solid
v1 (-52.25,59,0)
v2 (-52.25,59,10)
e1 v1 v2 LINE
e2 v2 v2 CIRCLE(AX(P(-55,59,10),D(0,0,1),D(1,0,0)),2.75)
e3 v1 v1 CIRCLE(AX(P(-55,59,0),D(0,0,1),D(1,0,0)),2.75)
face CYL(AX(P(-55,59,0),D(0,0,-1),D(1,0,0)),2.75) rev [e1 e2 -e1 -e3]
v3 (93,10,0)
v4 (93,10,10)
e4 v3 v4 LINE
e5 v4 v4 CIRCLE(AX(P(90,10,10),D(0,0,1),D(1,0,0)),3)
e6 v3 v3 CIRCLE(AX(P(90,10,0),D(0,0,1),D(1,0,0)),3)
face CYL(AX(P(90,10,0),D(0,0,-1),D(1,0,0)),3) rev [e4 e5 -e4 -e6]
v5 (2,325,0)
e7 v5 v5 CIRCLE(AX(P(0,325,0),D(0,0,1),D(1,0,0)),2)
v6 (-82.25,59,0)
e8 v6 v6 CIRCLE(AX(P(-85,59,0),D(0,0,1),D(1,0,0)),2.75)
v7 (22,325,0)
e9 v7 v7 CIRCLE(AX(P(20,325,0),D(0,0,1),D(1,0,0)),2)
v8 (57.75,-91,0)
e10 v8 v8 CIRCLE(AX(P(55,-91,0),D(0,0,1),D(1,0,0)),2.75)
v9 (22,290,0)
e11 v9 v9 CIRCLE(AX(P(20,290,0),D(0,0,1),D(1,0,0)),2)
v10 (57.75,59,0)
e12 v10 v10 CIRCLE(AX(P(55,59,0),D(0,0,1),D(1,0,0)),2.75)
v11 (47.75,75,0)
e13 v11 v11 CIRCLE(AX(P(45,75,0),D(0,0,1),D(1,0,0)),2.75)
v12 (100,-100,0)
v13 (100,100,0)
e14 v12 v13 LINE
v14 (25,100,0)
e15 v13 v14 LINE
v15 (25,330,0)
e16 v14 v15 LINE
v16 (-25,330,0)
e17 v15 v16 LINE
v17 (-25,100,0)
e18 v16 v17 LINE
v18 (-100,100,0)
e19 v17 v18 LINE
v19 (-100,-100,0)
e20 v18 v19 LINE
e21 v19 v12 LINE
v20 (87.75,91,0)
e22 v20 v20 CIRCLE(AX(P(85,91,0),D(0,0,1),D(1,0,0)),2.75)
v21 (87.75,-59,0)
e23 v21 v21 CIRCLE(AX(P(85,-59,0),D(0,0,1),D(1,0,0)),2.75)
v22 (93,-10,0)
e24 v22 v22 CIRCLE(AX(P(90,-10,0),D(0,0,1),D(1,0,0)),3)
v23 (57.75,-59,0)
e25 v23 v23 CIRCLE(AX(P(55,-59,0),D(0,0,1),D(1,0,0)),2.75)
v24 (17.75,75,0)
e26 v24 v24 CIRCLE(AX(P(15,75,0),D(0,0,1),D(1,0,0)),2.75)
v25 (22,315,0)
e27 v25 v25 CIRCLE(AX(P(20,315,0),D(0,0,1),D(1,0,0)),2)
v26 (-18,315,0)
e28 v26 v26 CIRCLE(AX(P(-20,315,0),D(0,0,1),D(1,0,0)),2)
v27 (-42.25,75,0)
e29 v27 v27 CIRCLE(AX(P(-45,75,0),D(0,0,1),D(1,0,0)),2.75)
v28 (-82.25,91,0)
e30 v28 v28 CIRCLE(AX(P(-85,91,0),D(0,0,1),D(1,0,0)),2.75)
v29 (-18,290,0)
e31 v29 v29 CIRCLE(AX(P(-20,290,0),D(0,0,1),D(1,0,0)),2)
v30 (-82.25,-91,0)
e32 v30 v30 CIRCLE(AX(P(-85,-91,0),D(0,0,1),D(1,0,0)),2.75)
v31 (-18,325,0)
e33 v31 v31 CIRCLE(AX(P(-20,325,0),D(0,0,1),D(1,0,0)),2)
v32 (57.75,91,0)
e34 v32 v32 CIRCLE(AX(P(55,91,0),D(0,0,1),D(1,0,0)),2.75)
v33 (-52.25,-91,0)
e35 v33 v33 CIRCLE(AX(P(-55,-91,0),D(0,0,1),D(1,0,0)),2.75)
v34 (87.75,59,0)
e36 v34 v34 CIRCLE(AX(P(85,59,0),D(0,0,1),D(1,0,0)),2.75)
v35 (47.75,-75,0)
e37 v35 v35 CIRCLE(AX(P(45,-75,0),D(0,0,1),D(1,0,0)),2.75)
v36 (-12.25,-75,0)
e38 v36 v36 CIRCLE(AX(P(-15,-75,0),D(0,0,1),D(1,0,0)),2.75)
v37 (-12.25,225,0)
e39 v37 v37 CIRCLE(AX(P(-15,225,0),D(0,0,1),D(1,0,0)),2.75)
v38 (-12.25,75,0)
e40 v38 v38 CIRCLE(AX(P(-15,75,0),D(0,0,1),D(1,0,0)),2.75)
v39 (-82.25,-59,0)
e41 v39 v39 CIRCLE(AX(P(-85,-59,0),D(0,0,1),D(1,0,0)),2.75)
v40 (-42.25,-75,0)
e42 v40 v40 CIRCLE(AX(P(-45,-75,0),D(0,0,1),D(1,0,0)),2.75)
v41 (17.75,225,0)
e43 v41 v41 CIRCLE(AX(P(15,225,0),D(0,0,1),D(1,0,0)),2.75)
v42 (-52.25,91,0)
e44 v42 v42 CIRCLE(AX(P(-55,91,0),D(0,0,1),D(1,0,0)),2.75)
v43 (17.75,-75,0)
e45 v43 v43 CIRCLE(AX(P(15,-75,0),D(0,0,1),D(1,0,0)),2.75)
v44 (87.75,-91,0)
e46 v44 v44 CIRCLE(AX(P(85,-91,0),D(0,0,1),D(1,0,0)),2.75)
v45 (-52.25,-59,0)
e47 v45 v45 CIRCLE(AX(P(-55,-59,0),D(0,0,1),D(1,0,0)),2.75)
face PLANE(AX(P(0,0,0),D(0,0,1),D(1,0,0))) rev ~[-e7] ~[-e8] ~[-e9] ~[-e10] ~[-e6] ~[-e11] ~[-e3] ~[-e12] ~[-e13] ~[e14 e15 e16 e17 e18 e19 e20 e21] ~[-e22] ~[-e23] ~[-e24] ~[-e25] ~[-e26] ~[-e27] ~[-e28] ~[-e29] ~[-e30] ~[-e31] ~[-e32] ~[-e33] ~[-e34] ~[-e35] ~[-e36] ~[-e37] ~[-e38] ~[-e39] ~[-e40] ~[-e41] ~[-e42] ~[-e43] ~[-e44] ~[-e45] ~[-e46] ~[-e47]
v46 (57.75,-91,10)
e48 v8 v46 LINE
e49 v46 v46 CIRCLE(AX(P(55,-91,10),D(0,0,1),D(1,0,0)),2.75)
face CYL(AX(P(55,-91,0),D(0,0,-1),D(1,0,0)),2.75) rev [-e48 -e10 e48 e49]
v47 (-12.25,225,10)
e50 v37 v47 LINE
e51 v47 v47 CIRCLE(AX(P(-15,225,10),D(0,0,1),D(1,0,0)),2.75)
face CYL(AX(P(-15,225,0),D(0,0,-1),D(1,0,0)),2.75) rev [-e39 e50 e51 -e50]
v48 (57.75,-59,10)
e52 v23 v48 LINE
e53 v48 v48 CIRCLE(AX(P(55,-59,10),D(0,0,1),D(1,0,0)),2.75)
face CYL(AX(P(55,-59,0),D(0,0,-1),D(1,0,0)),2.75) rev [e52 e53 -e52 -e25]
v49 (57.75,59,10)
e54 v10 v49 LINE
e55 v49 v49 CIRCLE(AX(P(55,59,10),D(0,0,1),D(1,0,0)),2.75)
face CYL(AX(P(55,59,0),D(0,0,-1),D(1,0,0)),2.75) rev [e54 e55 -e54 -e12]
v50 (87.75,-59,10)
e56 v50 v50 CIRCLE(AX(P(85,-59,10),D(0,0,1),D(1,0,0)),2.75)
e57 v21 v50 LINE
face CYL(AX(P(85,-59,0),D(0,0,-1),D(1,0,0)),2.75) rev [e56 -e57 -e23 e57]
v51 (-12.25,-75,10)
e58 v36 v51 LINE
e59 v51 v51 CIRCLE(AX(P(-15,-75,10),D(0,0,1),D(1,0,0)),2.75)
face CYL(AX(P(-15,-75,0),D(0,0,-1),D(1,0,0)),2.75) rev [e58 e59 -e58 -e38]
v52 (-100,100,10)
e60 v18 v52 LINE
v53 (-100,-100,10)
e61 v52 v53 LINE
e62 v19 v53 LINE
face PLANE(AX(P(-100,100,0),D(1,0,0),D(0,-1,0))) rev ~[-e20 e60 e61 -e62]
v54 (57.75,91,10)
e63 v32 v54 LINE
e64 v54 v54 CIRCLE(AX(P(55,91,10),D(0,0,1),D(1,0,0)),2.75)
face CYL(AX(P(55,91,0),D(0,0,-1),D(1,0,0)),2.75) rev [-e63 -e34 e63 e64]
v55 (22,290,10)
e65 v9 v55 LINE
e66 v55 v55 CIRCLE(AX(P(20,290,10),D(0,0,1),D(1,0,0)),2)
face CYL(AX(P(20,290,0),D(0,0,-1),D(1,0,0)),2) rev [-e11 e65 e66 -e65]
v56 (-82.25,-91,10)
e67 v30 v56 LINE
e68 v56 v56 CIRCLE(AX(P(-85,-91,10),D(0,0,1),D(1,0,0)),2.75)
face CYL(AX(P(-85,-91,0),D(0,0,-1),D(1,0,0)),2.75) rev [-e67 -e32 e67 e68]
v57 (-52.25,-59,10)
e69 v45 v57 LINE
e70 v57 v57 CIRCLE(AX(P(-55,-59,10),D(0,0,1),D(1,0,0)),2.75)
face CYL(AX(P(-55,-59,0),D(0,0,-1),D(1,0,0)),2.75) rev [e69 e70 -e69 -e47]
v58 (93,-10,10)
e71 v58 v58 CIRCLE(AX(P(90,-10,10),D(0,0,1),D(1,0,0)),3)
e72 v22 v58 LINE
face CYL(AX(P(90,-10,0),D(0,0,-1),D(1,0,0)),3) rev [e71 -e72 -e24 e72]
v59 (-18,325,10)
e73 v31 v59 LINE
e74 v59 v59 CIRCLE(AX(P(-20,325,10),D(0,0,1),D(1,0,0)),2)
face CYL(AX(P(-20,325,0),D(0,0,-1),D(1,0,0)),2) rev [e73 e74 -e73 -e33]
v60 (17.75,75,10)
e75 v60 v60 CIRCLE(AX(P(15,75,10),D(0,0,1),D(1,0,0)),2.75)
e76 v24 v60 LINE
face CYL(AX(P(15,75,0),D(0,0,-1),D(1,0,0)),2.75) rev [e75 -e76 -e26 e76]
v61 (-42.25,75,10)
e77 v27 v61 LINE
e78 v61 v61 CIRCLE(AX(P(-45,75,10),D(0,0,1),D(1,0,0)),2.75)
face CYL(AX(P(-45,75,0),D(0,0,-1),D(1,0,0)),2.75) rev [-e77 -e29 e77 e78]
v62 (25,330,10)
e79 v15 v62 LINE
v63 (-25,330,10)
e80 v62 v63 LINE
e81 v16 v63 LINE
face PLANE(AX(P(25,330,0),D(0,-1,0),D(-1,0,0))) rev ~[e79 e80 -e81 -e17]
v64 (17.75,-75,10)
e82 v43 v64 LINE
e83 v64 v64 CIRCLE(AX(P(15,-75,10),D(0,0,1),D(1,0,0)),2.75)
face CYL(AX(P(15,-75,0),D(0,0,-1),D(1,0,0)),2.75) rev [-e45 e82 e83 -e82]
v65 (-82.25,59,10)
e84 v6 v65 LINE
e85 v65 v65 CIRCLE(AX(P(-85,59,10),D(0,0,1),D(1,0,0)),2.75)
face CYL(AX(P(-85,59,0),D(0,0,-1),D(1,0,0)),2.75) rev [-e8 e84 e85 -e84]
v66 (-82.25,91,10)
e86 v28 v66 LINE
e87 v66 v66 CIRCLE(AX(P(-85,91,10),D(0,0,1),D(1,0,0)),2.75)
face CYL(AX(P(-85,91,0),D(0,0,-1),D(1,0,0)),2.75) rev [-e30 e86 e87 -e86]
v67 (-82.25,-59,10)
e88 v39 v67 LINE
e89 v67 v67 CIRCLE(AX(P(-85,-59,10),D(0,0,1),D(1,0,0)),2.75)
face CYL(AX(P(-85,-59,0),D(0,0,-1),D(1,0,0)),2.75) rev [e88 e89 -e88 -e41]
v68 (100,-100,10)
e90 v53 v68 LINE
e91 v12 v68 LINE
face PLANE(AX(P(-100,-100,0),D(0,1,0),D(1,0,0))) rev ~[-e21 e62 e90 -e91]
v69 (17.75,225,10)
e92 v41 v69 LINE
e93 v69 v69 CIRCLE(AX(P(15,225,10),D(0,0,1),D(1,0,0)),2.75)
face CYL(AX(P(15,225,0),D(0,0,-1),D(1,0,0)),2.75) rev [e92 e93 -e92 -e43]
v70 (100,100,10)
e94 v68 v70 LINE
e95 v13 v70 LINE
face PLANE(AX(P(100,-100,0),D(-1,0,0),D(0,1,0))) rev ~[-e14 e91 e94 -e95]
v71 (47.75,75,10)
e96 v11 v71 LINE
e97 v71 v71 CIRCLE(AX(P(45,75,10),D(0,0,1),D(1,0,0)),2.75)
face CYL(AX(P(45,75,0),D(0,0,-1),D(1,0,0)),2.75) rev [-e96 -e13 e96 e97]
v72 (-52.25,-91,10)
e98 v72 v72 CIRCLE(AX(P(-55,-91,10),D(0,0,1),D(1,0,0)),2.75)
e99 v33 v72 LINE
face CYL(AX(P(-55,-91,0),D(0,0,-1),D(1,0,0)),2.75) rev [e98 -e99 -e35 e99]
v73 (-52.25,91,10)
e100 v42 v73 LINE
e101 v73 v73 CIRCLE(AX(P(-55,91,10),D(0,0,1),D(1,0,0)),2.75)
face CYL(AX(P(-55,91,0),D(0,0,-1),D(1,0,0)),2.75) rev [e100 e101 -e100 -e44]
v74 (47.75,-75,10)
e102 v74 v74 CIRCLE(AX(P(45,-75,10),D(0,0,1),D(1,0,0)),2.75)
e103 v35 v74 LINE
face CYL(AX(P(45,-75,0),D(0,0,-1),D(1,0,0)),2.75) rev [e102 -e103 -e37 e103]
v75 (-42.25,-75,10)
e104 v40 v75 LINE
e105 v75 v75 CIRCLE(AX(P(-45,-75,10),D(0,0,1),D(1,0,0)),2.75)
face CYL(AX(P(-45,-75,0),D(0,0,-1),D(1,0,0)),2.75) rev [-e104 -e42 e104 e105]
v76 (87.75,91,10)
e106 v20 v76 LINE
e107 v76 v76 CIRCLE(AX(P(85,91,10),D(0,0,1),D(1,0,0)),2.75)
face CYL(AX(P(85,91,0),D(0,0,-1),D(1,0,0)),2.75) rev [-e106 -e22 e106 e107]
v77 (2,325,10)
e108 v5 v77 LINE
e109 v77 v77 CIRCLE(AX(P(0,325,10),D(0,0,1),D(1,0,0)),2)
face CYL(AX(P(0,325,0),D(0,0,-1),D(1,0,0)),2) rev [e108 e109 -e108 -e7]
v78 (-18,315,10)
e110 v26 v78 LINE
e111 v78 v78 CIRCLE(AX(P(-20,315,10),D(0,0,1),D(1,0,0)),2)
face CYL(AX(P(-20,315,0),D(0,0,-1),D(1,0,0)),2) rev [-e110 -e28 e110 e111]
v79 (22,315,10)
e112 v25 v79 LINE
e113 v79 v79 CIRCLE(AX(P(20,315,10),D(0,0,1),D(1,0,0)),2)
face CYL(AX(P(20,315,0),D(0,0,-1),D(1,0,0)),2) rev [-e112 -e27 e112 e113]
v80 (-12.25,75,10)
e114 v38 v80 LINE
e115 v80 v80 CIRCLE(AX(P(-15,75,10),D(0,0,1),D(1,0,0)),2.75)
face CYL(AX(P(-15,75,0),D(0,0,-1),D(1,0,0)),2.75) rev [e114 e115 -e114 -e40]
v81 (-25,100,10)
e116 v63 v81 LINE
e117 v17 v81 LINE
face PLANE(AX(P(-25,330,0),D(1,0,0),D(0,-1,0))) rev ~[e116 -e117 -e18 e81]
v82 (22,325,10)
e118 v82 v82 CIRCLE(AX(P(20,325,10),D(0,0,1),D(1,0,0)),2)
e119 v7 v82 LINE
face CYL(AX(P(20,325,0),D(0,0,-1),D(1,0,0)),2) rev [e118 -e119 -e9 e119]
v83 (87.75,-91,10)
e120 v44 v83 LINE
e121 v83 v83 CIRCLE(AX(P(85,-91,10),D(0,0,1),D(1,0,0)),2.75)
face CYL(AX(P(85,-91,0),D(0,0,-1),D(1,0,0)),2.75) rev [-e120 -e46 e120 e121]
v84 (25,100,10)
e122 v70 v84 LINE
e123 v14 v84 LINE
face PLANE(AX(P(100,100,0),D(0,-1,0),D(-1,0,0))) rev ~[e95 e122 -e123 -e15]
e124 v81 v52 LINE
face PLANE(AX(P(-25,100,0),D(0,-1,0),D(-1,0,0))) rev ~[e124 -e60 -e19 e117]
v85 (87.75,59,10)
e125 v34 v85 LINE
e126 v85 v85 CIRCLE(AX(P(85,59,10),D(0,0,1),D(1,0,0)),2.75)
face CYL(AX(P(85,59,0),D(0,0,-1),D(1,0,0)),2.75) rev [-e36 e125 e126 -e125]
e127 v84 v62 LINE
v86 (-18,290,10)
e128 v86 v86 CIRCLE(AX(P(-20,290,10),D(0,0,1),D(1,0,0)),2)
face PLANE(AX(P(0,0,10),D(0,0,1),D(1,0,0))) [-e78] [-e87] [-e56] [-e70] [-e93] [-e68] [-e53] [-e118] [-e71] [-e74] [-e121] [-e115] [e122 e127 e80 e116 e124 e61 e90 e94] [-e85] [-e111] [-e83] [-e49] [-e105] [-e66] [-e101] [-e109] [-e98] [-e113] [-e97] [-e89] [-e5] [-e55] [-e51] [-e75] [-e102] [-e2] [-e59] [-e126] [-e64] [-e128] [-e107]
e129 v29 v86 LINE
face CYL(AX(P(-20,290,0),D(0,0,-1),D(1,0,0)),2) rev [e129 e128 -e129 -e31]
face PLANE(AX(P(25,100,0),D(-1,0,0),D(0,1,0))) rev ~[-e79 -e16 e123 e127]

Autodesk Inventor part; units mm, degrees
ref_plane "YZ Plane" through (0, 0, 0) normal (1, 0, 0) x (0, 1, 0)
ref_plane "XZ Plane" through (0, 0, 0) normal (0, 1, 0) x (-1, 0, 0)
ref_plane "XY Plane" through (0, 0, 0) normal (0, 0, 1) x (1, 0, 0)
sketch "Schizzo1" plane through (0, 0, 0) normal (0, 0, 1) x (1, 0, 0)
  line L0 (100, 100) -> (-100, 100)
  line L1 (-100, 100) -> (-100, -100)
  line L2 (-100, -100) -> (100, -100)
  line L3 (100, -100) -> (100, 100)
  line L4 (25, 330) -> (-25, 330)
  line L5 (-25, 330) -> (-25, 100)
  line L6 (-25, 100) -> (25, 100)
  line L7 (25, 100) -> (25, 330)
  circle A0 centre (-20, 325) radius 2
  circle A1 centre (20, 325) radius 2
  circle A2 centre (0, 325) radius 2
  circle A3 centre (85, 91) radius 2.75
  circle A4 centre (85, 59) radius 2.75
  circle A5 centre (55, 91) radius 2.75
  circle A6 centre (55, 59) radius 2.75
  circle A7 centre (85, -59) radius 2.75
  circle A8 centre (-55, -59) radius 2.75
  circle A9 centre (-55, 91) radius 2.75
  circle A10 centre (85, -91) radius 2.75
  circle A11 centre (55, -59) radius 2.75
  circle A12 centre (55, -91) radius 2.75
  circle A13 centre (-85, 91) radius 2.75
  circle A14 centre (-55, 59) radius 2.75
  circle A15 centre (-85, 59) radius 2.75
  circle A16 centre (-85, -59) radius 2.75
  circle A17 centre (-55, -91) radius 2.75
  circle A18 centre (-85, -91) radius 2.75
  circle A19 centre (45, 75) radius 2.75
  circle A20 centre (45, -75) radius 2.75
  circle A21 centre (-45, -75) radius 2.75
  circle A22 centre (-45, 75) radius 2.75
  circle A23 centre (15, 75) radius 2.75
  circle A24 centre (15, -75) radius 2.75
  circle A25 centre (-15, -75) radius 2.75
  circle A26 centre (-15, 75) radius 2.75
  circle A27 centre (15, 225) radius 2.75
  circle A28 centre (-15, 225) radius 2.75
  circle A29 centre (20, 315) radius 2
  circle A30 centre (-20, 315) radius 2
  circle A31 centre (20, 290) radius 2
  circle A32 centre (-20, 290) radius 2
  circle A33 centre (90, 10) radius 3
  circle A34 centre (90, -10) radius 3
  point P0 (0, 0)
  point P1 (25, 100)
  point P2 (0, -100)
  dimension "d0" = 200
  dimension "d1" = 200
  dimension "d4" = 230
  dimension "d5" = 50
  dimension "d6" = 75
  dimension "d7" = 0
  dimension "d8" = 0
  dimension "d9" = 4
  dimension "d10" = 4
  dimension "d11" = 4
  dimension "d12" = 5
  dimension "d13" = 40
  dimension "d14" = 20
  dimension "d15" = 5
  dimension "d16" = 100
  dimension "d17" = 100
  dimension "d18" = 5.5
  dimension "d21" = 32
  dimension "d24" = 30
  dimension "d27" = 5.5
  dimension "d28" = 5.5
  dimension "d29" = 5.5
  dimension "d32" = 32
  dimension "d35" = 30
  dimension "d40" = 30
  dimension "d43" = 32
  dimension "d48" = 30
  dimension "d51" = 32
  dimension "d54" = 150
  dimension "d55" = 59
  dimension "d56" = 150
  dimension "d57" = 59
  dimension "d58" = 15
  dimension "d59" = 15
  dimension "d60" = 15
  dimension "d61" = 15
  dimension "d62" = 5.5
  dimension "d63" = 5.5
  dimension "d64" = 5.5
  dimension "d65" = 5.5
  dimension "d66" = 5.5
  dimension "d67" = 5.5
  dimension "d68" = 5.5
  dimension "d69" = 5.5
  dimension "d70" = 30
  dimension "d71" = 30
  dimension "d72" = 0
  dimension "d73" = 30
  dimension "d74" = 30
  dimension "d75" = 0
  dimension "d76" = 150
  dimension "d77" = 75
  dimension "d79" = 15
  dimension "d80" = 0
  dimension "d81" = 0
  dimension "d82" = 30
  dimension "d83" = 0
  dimension "d84" = 5.5
  dimension "d85" = 5.5
  dimension "d86" = 0
  dimension "d87" = 0
  dimension "d88" = 150
  dimension "d89" = 0
  dimension "d90" = 4
extrude "Estrusione1" add sketch "Schizzo1" along normal blind 10
equation "\"d6\" = -0.5 * d5 + 0.5 * d1"
equation "\"d10\" = d9"
equation "\"d11\" = d9"
equation "\"d27\" = d18"
equation "\"d28\" = d18"
equation "\"d29\" = d18"
equation "\"d56\" = d54"
equation "\"d57\" = d55"
equation "\"d59\" = d58"
equation "\"d60\" = d58"
equation "\"d61\" = d58"
equation "\"d63\" = d62"
equation "\"d64\" = d62"
equation "\"d65\" = d62"
equation "\"d66\" = d62"
equation "\"d67\" = d62"
equation "\"d68\" = d62"
equation "\"d69\" = d62"
equation "\"d82\" = 2 * d79"
equation "\"d85\" = d84"
equation "\"d90\" = d9"
properties part number "base sotto"
